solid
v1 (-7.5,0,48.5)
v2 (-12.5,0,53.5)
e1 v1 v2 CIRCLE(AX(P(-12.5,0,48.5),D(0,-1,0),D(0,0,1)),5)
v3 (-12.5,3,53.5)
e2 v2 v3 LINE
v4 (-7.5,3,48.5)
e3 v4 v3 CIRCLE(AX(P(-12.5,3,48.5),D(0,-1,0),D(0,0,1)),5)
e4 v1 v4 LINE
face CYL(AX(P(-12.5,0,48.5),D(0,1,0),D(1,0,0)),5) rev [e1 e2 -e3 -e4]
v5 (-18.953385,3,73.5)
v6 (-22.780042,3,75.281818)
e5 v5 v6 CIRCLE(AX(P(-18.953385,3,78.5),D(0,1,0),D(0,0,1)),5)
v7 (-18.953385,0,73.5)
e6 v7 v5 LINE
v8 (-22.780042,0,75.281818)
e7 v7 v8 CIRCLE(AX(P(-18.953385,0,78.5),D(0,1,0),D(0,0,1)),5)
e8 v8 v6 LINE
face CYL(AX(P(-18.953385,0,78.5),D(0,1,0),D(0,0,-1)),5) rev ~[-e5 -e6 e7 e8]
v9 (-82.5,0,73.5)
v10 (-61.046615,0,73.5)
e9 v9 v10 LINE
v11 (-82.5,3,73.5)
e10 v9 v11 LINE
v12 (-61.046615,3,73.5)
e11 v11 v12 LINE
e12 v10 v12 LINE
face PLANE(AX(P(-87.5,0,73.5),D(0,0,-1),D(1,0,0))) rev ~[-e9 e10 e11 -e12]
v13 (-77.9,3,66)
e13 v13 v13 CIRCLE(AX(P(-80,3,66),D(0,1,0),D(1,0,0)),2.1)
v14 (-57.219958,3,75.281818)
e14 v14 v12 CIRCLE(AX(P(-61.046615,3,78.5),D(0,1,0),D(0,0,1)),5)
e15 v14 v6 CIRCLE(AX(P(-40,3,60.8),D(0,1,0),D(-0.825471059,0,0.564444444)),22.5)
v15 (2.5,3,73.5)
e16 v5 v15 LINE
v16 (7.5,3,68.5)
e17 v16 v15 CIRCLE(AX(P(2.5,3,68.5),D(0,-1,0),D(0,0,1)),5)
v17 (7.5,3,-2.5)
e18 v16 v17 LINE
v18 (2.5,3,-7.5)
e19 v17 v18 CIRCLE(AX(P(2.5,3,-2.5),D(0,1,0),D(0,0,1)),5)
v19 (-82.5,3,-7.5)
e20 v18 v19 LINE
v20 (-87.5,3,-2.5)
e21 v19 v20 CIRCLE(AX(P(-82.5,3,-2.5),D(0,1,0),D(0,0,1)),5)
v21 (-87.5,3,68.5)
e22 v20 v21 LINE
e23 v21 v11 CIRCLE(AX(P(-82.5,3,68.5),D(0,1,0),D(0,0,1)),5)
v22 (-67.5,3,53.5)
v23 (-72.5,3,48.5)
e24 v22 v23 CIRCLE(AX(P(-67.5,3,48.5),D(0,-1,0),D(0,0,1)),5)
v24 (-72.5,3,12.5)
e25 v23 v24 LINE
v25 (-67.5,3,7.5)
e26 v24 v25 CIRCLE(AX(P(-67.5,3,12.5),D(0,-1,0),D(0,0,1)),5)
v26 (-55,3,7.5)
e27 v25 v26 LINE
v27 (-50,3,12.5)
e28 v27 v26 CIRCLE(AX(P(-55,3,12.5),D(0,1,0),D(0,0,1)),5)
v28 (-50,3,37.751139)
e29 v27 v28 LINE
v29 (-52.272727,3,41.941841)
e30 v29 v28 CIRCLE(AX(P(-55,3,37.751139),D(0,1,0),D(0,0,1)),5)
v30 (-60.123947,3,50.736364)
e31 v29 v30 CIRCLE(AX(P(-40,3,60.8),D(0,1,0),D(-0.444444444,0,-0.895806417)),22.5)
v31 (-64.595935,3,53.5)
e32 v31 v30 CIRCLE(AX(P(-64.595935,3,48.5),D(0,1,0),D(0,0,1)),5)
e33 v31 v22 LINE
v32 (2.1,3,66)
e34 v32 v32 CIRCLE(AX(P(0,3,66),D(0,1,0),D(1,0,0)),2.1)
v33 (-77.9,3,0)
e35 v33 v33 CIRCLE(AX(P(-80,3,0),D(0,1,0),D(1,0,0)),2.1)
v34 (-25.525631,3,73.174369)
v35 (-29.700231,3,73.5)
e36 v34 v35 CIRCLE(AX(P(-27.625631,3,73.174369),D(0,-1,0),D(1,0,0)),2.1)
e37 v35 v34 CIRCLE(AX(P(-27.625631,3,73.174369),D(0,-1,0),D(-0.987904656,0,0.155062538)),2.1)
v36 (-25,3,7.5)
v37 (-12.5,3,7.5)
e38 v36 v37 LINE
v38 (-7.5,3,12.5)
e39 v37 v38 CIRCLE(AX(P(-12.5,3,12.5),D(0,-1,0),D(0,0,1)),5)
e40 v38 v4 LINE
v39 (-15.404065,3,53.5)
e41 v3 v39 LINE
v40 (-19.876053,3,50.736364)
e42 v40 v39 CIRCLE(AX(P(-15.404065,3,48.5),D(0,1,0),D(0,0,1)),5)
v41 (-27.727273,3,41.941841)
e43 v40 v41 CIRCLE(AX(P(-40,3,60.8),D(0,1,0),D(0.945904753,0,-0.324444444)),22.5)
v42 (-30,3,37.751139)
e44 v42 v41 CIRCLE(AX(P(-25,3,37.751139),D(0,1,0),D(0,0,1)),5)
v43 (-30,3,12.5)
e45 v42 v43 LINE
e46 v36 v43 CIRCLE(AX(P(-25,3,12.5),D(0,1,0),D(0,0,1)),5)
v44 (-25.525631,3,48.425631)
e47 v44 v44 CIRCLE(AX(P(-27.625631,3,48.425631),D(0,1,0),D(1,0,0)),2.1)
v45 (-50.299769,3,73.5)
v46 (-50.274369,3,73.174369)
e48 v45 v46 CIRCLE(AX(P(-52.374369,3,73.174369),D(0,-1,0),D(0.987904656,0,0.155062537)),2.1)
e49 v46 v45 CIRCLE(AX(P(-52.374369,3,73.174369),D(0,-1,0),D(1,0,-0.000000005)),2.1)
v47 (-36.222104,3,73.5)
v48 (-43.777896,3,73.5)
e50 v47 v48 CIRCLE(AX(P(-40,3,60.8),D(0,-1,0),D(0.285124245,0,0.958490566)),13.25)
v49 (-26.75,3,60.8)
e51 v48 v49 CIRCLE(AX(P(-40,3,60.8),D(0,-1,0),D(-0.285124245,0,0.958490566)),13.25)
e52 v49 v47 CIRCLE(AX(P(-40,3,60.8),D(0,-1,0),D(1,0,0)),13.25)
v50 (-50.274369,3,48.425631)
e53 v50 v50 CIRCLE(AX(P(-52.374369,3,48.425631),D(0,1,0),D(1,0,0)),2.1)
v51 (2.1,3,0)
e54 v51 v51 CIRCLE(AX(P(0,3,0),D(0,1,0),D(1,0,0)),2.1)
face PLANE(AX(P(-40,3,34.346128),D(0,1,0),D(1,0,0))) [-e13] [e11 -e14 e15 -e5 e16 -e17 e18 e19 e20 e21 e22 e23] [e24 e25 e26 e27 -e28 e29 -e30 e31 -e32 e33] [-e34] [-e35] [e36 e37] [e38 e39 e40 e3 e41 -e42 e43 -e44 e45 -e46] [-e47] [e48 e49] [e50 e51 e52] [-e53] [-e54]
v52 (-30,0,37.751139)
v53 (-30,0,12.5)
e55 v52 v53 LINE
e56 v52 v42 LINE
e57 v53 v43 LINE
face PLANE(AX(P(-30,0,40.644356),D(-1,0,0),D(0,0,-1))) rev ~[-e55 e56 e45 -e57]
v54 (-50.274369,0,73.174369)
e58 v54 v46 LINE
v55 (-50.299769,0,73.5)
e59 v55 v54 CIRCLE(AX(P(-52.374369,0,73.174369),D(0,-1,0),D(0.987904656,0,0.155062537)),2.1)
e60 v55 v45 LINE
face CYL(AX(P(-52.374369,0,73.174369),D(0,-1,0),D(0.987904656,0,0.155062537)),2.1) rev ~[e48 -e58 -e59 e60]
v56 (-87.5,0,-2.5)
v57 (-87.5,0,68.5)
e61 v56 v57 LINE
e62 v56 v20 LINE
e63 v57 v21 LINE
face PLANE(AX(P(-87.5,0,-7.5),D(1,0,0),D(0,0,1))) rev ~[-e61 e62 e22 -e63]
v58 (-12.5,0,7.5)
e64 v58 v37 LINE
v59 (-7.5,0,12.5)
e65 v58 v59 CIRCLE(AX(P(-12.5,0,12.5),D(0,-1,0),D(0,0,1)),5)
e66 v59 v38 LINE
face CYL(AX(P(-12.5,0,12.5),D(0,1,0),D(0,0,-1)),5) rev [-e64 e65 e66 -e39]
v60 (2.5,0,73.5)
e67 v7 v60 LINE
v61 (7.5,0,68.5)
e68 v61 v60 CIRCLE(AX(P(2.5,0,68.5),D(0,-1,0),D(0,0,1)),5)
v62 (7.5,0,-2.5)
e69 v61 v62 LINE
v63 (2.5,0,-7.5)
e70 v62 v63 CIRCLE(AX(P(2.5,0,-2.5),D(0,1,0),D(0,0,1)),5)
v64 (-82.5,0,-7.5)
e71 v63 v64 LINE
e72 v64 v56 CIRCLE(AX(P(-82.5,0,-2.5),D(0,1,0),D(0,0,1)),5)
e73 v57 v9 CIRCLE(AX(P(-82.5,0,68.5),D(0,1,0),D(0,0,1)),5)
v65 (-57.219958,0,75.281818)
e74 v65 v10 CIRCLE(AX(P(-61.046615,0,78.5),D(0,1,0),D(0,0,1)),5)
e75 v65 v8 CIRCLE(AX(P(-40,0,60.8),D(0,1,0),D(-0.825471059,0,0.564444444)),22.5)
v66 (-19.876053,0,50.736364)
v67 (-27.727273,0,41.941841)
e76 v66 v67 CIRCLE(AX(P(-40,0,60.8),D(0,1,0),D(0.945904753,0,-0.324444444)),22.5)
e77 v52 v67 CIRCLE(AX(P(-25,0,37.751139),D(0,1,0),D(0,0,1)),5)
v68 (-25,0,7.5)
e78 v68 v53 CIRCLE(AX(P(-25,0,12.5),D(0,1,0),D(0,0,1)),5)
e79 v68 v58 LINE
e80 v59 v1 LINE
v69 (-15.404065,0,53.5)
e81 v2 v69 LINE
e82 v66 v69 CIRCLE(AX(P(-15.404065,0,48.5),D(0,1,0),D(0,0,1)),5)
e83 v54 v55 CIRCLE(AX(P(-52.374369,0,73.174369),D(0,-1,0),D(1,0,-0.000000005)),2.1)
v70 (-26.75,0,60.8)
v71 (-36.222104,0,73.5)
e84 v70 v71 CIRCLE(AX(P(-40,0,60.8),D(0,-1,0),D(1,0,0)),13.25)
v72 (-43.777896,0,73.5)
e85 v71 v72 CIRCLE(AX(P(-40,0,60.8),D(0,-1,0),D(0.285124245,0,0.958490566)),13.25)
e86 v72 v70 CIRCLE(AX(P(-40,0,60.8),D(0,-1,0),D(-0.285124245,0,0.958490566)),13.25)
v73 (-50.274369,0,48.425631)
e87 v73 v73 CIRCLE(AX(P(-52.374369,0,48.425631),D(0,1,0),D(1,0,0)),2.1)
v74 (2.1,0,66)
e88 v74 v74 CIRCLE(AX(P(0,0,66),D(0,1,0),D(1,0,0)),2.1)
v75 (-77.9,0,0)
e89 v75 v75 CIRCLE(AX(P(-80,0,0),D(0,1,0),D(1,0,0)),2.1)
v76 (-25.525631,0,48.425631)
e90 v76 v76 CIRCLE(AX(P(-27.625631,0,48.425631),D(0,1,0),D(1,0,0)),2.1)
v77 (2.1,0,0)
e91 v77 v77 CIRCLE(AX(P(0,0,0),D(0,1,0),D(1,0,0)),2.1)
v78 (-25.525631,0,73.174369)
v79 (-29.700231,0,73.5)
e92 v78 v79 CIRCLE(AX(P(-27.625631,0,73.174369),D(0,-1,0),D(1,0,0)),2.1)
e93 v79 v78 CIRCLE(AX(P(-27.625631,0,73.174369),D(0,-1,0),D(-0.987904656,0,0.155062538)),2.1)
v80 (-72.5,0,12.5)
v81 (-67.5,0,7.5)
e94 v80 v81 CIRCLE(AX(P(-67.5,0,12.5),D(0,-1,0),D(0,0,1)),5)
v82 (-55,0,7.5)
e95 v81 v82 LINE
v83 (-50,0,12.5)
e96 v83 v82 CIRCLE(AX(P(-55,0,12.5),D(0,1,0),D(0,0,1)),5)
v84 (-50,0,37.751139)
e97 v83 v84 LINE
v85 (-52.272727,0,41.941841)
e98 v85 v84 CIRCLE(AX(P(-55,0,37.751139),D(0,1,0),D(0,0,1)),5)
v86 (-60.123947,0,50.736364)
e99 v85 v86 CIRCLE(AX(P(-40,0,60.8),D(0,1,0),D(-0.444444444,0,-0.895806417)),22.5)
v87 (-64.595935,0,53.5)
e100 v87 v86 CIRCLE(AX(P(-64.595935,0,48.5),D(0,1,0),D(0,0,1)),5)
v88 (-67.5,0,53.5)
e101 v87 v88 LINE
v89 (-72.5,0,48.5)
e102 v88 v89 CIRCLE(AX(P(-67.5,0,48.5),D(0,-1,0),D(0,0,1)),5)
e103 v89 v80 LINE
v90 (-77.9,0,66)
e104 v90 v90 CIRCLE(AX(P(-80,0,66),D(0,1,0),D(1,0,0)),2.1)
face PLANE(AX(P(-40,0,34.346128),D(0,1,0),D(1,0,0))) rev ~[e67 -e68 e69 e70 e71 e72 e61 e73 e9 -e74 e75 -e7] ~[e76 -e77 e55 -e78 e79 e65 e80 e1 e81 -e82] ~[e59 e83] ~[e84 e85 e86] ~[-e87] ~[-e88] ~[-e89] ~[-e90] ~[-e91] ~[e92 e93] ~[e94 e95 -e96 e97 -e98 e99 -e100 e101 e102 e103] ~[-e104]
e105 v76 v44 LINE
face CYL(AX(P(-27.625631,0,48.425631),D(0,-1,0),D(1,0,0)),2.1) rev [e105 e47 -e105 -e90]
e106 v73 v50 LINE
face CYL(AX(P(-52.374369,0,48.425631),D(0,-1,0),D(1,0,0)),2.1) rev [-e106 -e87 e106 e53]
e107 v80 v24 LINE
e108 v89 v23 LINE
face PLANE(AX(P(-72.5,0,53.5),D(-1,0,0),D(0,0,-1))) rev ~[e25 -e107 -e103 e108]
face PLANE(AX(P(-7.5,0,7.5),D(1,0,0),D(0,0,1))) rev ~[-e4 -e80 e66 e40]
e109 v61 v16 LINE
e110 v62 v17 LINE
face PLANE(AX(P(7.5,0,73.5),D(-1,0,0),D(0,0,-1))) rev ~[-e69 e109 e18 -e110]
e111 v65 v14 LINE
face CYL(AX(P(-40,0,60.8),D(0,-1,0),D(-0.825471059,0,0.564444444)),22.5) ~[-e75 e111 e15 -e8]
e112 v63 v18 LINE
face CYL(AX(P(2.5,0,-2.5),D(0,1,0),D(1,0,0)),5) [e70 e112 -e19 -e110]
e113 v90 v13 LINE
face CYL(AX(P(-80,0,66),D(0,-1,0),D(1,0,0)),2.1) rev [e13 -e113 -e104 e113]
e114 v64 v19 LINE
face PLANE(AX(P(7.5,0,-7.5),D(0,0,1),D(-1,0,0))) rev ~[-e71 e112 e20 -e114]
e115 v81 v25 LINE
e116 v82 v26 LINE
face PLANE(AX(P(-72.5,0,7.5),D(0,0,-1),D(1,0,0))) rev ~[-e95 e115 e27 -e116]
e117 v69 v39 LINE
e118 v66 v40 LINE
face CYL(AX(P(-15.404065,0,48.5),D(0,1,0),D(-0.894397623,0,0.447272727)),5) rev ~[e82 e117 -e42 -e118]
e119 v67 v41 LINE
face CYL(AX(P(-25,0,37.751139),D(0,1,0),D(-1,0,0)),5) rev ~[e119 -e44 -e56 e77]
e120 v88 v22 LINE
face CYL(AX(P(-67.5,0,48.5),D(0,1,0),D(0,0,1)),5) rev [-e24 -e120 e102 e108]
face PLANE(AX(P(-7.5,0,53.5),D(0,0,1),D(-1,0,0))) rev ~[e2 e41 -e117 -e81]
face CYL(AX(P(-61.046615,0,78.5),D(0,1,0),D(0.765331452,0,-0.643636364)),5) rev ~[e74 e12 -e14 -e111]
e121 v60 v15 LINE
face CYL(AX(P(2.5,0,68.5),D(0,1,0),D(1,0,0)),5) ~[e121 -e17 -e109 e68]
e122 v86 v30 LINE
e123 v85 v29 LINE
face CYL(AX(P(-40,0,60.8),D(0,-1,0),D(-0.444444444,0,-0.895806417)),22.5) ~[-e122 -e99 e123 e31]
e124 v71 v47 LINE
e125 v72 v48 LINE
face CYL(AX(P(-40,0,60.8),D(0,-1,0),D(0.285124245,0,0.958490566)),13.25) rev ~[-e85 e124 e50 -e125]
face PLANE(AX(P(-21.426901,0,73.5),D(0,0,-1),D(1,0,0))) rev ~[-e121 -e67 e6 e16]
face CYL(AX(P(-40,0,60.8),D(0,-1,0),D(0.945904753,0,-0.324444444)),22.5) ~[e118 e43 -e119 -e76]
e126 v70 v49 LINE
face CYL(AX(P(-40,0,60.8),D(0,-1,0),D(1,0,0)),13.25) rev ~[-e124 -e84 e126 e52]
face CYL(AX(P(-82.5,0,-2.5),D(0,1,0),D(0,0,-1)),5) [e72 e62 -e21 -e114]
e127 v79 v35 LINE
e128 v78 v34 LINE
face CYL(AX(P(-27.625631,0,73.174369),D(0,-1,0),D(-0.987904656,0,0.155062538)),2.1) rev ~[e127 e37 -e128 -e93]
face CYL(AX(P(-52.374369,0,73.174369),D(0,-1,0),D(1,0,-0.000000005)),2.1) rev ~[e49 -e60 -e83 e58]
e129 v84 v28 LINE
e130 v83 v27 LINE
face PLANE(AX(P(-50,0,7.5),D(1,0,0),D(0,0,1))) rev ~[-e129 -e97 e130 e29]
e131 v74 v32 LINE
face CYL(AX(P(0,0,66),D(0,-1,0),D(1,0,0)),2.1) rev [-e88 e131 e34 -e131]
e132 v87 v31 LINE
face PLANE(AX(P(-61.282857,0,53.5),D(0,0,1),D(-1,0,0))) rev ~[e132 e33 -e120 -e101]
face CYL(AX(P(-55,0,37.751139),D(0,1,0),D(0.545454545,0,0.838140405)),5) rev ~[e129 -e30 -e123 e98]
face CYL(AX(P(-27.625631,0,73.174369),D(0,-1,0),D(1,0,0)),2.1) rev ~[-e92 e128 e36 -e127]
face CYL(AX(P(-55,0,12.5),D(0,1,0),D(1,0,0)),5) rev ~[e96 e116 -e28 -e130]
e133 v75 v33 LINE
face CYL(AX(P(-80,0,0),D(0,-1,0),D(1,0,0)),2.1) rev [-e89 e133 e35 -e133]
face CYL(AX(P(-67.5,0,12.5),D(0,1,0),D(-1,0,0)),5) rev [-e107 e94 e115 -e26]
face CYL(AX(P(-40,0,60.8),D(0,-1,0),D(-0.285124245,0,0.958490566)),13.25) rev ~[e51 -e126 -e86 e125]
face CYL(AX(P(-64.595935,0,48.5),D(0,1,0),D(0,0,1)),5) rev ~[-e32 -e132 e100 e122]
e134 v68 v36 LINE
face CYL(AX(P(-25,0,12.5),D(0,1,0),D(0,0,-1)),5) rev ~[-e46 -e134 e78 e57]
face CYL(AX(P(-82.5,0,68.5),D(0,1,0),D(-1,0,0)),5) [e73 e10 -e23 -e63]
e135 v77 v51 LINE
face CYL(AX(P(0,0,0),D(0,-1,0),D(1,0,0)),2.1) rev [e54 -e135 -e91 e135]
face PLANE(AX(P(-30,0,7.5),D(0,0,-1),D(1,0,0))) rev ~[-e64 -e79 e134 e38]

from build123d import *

# Parameters (mm, degrees)
SKETCH_1_R      = 2.1
EXTRUDE_1_DEPTH = 3
FILLET_1_R      = 5
FILLET_2_R      = 5


with BuildPart() as part:
    # ｽｹｯﾁ1 → ﾎﾞｽ - 押し出し1 (new body)
    with BuildSketch(Plane(origin=(0, 0, 0), x_dir=(1, 0, 0), z_dir=(0, 1, 0))):
        with BuildLine():
            Line((-18.109134325, -73.5), (7.5, -73.5))
            Line((7.5, -73.5), (7.5, 7.5))
            Line((7.5, 7.5), (-40, 7.5))
            Line((-40, 7.5), (-87.5, 7.5))
            Line((-87.5, 7.5), (-87.5, -73.5))
            Line((-87.5, -73.5), (-61.890865675, -73.5))
            Line((-61.890865675, -73.5), (-58.573098826, -73.5))
            ThreePointArc((-58.573098826, -73.5), (-40, -83.3), (-21.426901174, -73.5))
            Line((-21.426901174, -73.5), (-18.109134325, -73.5))
        make_face()
        with Locations((-80, -66)):
            Circle(SKETCH_1_R, mode=Mode.SUBTRACT)
        with BuildLine():
            ThreePointArc((-50.274368671, -73.174368671), (-50.280728356, -73.337678908), (-50.299768893, -73.5))
            ThreePointArc((-50.299768893, -73.5), (-54.468008985, -73.011058434), (-50.274368671, -73.174368671))
        make_face(mode=Mode.SUBTRACT)
        with Locations((-52.374368671, -48.425631329)):
            Circle(SKETCH_1_R, mode=Mode.SUBTRACT)
        with BuildLine():
            ThreePointArc((-25.525631329, -73.174368671), (-27.462321092, -75.268008985), (-29.700231107, -73.5))
            ThreePointArc((-29.700231107, -73.5), (-27.788941566, -71.080728356), (-25.525631329, -73.174368671))
        make_face(mode=Mode.SUBTRACT)
        with BuildLine():
            ThreePointArc((-36.22210376, -73.5), (-40, -74.05), (-43.77789624, -73.5))
            ThreePointArc((-43.77789624, -73.5), (-47.921659385, -50.178803618), (-26.75, -60.8))
            ThreePointArc((-26.75, -60.8), (-29.378803618, -68.721659385), (-36.22210376, -73.5))
        make_face(mode=Mode.SUBTRACT)
        with Locations((0, -66)):
            Circle(SKETCH_1_R, mode=Mode.SUBTRACT)
        with Locations((-27.625631329, -48.425631329)):
            Circle(SKETCH_1_R, mode=Mode.SUBTRACT)
        with BuildLine():
            Line((-72.5, -53.5), (-72.5, -7.5))
            Line((-72.5, -7.5), (-50, -7.5))
            Line((-50, -7.5), (-50, -40.644355629))
            ThreePointArc((-50, -40.644355629), (-56.910682506, -45.958207076), (-61.282856951, -53.5))
            Line((-61.282856951, -53.5), (-72.5, -53.5))
        make_face(mode=Mode.SUBTRACT)
        with Locations((-80, 0)):
            Circle(SKETCH_1_R, mode=Mode.SUBTRACT)
        with BuildLine():
            Line((-7.5, -7.5), (-7.5, -53.5))
            Line((-7.5, -53.5), (-18.717143049, -53.5))
            ThreePointArc((-18.717143049, -53.5), (-23.089317494, -45.958207076), (-30, -40.644355629))
            Line((-30, -40.644355629), (-30, -7.5))
            Line((-30, -7.5), (-7.5, -7.5))
        make_face(mode=Mode.SUBTRACT)
        Circle(SKETCH_1_R, mode=Mode.SUBTRACT)
    extrude(amount=EXTRUDE_1_DEPTH)

    # ﾌｨﾚｯﾄ1
    fillet_1_edges = [part.edges().sort_by_distance(p)[0] for p in [
        (-30, 1.5, 40.644355629),
        (-7.5, 1.5, 7.5),
        (-30, 1.5, 7.5),
        (-50, 1.5, 7.5),
        (-50, 1.5, 40.644355629),
        (-72.5, 1.5, 7.5),
        (-7.5, 1.5, 53.5),
        (-18.717143049, 1.5, 53.5),
        (-61.282856951, 1.5, 53.5),
        (-72.5, 1.5, 53.5),
    ]]
    fillet(fillet_1_edges, radius=FILLET_1_R)

    # ﾌｨﾚｯﾄ2
    fillet_2_edges = [part.edges().sort_by_distance(p)[0] for p in [
        (-87.5, 1.5, -7.5),
        (7.5, 1.5, -7.5),
        (7.5, 1.5, 73.5),
        (-87.5, 1.5, 73.5),
        (-21.426901174, 1.5, 73.5),
        (-58.573098826, 1.5, 73.5),
    ]]
    fillet(fillet_2_edges, radius=FILLET_2_R)


solid = part.part
